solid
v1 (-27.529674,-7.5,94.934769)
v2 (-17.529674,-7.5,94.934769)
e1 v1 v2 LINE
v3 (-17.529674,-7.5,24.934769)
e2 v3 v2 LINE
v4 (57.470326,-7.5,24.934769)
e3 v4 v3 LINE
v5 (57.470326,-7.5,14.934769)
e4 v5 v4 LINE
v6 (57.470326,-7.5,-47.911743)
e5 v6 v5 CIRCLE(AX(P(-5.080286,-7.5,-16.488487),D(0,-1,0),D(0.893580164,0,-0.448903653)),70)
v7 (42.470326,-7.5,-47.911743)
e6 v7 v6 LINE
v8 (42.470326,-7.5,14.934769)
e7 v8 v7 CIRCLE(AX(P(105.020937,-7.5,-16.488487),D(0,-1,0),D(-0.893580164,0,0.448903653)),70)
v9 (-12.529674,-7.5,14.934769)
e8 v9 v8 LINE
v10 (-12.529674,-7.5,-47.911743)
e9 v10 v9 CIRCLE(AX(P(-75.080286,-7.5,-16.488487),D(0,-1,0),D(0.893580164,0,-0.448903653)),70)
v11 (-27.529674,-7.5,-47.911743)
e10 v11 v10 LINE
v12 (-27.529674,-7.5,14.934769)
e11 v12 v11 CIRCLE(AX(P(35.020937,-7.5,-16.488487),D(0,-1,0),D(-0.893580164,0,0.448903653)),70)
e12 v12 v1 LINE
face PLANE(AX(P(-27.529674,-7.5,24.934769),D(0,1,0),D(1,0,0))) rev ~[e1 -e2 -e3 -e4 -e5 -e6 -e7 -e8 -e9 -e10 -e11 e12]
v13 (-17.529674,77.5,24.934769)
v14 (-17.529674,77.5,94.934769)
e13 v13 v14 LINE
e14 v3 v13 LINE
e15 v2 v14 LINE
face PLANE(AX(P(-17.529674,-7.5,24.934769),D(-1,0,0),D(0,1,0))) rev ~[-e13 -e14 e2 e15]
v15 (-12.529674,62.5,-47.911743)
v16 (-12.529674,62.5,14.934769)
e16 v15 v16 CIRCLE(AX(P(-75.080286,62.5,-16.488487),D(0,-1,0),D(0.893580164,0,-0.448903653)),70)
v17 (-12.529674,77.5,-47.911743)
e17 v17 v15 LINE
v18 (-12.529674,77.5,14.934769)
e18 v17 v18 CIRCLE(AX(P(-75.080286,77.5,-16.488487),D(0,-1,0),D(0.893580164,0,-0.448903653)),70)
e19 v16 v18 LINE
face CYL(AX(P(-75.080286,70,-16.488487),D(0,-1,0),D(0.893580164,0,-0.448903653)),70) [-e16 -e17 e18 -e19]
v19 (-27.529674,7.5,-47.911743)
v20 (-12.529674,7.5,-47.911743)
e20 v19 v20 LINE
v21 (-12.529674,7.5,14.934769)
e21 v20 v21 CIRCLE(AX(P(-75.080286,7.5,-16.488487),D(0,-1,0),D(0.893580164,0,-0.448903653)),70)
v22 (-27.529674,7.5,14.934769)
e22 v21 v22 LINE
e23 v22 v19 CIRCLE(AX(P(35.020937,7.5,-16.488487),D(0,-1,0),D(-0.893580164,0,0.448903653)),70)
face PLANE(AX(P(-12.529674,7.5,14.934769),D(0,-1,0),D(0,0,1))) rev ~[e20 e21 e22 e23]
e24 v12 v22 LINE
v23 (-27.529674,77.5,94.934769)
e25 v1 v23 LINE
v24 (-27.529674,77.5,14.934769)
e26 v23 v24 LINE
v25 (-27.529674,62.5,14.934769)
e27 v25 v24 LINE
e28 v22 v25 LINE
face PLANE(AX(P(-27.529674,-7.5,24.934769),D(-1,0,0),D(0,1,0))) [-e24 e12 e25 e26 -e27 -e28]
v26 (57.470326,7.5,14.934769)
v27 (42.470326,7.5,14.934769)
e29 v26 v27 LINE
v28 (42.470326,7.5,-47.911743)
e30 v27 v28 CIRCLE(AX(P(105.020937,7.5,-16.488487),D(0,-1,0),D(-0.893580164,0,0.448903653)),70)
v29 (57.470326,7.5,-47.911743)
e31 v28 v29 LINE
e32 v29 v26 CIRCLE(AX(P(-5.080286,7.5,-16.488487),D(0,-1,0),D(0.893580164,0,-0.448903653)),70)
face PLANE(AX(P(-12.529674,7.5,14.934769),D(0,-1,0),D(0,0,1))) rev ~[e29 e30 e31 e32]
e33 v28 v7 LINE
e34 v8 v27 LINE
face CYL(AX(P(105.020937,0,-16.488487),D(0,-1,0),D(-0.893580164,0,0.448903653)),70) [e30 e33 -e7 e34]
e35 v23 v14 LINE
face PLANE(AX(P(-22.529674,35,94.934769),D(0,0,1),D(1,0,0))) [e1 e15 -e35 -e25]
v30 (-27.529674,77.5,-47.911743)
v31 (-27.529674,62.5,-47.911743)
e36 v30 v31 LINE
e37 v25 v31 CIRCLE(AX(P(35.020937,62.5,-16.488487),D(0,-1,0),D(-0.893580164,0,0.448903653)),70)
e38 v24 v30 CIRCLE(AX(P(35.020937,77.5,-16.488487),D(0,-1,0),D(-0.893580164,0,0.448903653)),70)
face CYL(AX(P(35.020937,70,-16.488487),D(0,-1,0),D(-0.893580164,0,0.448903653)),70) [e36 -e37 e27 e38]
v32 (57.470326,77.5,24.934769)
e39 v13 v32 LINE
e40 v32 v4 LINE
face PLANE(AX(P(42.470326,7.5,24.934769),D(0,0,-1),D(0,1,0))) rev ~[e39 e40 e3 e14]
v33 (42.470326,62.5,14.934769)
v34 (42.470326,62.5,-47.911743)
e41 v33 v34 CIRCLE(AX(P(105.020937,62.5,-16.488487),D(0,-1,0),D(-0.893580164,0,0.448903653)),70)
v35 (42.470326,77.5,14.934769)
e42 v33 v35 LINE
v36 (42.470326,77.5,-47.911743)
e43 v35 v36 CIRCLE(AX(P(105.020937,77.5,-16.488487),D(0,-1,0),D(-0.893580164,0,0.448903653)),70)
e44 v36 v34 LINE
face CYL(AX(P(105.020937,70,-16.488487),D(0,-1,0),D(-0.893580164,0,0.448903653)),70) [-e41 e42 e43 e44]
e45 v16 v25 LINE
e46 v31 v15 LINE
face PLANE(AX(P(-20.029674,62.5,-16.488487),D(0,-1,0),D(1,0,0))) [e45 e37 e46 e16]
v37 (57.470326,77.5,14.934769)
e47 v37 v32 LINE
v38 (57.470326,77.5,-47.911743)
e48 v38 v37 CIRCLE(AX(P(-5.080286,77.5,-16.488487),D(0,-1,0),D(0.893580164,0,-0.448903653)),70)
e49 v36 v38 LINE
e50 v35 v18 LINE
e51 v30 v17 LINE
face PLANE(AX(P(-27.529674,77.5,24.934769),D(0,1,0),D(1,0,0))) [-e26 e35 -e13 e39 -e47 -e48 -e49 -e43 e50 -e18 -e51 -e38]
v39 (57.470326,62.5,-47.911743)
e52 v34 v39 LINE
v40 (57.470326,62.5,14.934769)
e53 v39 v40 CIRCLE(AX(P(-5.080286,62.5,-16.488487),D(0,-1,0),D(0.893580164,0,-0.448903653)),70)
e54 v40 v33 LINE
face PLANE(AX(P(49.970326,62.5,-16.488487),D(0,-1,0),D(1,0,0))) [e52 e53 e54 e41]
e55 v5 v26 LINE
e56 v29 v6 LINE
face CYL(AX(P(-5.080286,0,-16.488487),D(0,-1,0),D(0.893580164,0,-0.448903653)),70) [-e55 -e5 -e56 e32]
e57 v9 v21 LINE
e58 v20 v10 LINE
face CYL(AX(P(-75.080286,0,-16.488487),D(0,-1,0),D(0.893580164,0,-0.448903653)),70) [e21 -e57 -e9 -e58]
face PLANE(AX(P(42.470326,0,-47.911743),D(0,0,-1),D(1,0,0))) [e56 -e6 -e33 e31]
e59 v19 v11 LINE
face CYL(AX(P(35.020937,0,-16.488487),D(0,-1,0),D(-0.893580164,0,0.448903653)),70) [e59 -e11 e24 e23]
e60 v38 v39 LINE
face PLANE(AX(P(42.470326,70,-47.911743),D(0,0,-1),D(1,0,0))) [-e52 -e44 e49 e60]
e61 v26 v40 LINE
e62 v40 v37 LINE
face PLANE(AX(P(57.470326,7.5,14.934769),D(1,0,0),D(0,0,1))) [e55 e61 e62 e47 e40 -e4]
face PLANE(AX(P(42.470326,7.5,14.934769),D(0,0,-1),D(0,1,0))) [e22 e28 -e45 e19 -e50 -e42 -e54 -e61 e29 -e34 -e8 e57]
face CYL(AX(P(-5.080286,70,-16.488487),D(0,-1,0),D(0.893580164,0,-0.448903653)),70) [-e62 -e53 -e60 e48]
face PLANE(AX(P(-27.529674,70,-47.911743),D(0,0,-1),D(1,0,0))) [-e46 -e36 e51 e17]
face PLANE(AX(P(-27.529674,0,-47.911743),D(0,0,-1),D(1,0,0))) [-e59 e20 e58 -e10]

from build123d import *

# Parameters (mm, degrees)
F1_DEPTH  = 7.5
F5_DEPTH  = 10
F6_DEPTH  = 70
F7_W      = 15
F7_H      = 10
F8_DEPTH  = 70
F9_DEPTH  = 70
F10_W     = 10
F10_H     = 85
F11_DEPTH = 70


with BuildPart() as f1:
    # F0 (on Front) → F1 (new body, symmetric)
    with BuildSketch(Plane.XZ):
        with BuildLine():
            ThreePointArc((-27.5296741368, 14.9347687151), (-34.9790626376, -16.4884870212), (-27.5296741368, -47.9117427575))
            Line((-27.5296741368, -47.9117427575), (-12.5296741368, -47.9117427575))
            ThreePointArc((-12.5296741368, -47.9117427575), (-5.0802856361, -16.4884870212), (-12.5296741368, 14.9347687151))
            Line((-12.5296741368, 14.9347687151), (-27.5296741368, 14.9347687151))
        make_face()
    extrude(amount=F1_DEPTH, both=True)


with BuildPart() as f2_1:
    # F2: copy of F1
    add(f1.part.moved(Location((70, 0, 0))))


with BuildPart() as f3_1:
    # F3: copy of F1
    add(f1.part.moved(Location((0, 70, 0))))


with BuildPart() as f4_1:
    # F4: copy of F2_1
    add(f2_1.part.moved(Location((0, 70, 0))))


with BuildPart() as f1_1:
    add(f1.part)

    # F5 (add): a face of the model
    f5_faces = [f1_1.faces().sort_by_distance(p)[0] for p in [
        (-20.0296741368, 0, 14.9347687151),
    ]]
    extrude(f5_faces, amount=F5_DEPTH)

    # F6 (add): a face of the model
    f6_faces = [f1_1.faces().sort_by_distance(p)[0] for p in [
        (-12.5296741368, 0, 19.9347687151),
    ]]

    add(f2_1.part)  # F6 merges F2_1
    extrude(f6_faces, amount=F6_DEPTH)

    add(f4_1.part)  # F8 merges F4_1
    # F7 (on face) → F8 (join)
    with BuildSketch(Plane(origin=(0, 7.5, 0), x_dir=(-1, 0, 0), z_dir=(0, 1, 0))):
        with Locations((-49.9703258632, 19.9347687151)):
            Rectangle(F7_W, F7_H)
    extrude(amount=F8_DEPTH)

    # F9 (add): a face of the model
    f9_faces = [f1_1.faces().sort_by_distance(p)[0] for p in [
        (42.4703258632, 42.5, 19.9347687151),
    ]]

    add(f3_1.part)  # F9 merges F3_1
    extrude(f9_faces, amount=F9_DEPTH)

    # F10 (on face) → F11 (join)
    with BuildSketch(Plane.XY.offset(24.9347687151)):
        with Locations((-22.5296741368, 35)):
            Rectangle(F10_W, F10_H)
    extrude(amount=F11_DEPTH)


solid = f1_1.part
